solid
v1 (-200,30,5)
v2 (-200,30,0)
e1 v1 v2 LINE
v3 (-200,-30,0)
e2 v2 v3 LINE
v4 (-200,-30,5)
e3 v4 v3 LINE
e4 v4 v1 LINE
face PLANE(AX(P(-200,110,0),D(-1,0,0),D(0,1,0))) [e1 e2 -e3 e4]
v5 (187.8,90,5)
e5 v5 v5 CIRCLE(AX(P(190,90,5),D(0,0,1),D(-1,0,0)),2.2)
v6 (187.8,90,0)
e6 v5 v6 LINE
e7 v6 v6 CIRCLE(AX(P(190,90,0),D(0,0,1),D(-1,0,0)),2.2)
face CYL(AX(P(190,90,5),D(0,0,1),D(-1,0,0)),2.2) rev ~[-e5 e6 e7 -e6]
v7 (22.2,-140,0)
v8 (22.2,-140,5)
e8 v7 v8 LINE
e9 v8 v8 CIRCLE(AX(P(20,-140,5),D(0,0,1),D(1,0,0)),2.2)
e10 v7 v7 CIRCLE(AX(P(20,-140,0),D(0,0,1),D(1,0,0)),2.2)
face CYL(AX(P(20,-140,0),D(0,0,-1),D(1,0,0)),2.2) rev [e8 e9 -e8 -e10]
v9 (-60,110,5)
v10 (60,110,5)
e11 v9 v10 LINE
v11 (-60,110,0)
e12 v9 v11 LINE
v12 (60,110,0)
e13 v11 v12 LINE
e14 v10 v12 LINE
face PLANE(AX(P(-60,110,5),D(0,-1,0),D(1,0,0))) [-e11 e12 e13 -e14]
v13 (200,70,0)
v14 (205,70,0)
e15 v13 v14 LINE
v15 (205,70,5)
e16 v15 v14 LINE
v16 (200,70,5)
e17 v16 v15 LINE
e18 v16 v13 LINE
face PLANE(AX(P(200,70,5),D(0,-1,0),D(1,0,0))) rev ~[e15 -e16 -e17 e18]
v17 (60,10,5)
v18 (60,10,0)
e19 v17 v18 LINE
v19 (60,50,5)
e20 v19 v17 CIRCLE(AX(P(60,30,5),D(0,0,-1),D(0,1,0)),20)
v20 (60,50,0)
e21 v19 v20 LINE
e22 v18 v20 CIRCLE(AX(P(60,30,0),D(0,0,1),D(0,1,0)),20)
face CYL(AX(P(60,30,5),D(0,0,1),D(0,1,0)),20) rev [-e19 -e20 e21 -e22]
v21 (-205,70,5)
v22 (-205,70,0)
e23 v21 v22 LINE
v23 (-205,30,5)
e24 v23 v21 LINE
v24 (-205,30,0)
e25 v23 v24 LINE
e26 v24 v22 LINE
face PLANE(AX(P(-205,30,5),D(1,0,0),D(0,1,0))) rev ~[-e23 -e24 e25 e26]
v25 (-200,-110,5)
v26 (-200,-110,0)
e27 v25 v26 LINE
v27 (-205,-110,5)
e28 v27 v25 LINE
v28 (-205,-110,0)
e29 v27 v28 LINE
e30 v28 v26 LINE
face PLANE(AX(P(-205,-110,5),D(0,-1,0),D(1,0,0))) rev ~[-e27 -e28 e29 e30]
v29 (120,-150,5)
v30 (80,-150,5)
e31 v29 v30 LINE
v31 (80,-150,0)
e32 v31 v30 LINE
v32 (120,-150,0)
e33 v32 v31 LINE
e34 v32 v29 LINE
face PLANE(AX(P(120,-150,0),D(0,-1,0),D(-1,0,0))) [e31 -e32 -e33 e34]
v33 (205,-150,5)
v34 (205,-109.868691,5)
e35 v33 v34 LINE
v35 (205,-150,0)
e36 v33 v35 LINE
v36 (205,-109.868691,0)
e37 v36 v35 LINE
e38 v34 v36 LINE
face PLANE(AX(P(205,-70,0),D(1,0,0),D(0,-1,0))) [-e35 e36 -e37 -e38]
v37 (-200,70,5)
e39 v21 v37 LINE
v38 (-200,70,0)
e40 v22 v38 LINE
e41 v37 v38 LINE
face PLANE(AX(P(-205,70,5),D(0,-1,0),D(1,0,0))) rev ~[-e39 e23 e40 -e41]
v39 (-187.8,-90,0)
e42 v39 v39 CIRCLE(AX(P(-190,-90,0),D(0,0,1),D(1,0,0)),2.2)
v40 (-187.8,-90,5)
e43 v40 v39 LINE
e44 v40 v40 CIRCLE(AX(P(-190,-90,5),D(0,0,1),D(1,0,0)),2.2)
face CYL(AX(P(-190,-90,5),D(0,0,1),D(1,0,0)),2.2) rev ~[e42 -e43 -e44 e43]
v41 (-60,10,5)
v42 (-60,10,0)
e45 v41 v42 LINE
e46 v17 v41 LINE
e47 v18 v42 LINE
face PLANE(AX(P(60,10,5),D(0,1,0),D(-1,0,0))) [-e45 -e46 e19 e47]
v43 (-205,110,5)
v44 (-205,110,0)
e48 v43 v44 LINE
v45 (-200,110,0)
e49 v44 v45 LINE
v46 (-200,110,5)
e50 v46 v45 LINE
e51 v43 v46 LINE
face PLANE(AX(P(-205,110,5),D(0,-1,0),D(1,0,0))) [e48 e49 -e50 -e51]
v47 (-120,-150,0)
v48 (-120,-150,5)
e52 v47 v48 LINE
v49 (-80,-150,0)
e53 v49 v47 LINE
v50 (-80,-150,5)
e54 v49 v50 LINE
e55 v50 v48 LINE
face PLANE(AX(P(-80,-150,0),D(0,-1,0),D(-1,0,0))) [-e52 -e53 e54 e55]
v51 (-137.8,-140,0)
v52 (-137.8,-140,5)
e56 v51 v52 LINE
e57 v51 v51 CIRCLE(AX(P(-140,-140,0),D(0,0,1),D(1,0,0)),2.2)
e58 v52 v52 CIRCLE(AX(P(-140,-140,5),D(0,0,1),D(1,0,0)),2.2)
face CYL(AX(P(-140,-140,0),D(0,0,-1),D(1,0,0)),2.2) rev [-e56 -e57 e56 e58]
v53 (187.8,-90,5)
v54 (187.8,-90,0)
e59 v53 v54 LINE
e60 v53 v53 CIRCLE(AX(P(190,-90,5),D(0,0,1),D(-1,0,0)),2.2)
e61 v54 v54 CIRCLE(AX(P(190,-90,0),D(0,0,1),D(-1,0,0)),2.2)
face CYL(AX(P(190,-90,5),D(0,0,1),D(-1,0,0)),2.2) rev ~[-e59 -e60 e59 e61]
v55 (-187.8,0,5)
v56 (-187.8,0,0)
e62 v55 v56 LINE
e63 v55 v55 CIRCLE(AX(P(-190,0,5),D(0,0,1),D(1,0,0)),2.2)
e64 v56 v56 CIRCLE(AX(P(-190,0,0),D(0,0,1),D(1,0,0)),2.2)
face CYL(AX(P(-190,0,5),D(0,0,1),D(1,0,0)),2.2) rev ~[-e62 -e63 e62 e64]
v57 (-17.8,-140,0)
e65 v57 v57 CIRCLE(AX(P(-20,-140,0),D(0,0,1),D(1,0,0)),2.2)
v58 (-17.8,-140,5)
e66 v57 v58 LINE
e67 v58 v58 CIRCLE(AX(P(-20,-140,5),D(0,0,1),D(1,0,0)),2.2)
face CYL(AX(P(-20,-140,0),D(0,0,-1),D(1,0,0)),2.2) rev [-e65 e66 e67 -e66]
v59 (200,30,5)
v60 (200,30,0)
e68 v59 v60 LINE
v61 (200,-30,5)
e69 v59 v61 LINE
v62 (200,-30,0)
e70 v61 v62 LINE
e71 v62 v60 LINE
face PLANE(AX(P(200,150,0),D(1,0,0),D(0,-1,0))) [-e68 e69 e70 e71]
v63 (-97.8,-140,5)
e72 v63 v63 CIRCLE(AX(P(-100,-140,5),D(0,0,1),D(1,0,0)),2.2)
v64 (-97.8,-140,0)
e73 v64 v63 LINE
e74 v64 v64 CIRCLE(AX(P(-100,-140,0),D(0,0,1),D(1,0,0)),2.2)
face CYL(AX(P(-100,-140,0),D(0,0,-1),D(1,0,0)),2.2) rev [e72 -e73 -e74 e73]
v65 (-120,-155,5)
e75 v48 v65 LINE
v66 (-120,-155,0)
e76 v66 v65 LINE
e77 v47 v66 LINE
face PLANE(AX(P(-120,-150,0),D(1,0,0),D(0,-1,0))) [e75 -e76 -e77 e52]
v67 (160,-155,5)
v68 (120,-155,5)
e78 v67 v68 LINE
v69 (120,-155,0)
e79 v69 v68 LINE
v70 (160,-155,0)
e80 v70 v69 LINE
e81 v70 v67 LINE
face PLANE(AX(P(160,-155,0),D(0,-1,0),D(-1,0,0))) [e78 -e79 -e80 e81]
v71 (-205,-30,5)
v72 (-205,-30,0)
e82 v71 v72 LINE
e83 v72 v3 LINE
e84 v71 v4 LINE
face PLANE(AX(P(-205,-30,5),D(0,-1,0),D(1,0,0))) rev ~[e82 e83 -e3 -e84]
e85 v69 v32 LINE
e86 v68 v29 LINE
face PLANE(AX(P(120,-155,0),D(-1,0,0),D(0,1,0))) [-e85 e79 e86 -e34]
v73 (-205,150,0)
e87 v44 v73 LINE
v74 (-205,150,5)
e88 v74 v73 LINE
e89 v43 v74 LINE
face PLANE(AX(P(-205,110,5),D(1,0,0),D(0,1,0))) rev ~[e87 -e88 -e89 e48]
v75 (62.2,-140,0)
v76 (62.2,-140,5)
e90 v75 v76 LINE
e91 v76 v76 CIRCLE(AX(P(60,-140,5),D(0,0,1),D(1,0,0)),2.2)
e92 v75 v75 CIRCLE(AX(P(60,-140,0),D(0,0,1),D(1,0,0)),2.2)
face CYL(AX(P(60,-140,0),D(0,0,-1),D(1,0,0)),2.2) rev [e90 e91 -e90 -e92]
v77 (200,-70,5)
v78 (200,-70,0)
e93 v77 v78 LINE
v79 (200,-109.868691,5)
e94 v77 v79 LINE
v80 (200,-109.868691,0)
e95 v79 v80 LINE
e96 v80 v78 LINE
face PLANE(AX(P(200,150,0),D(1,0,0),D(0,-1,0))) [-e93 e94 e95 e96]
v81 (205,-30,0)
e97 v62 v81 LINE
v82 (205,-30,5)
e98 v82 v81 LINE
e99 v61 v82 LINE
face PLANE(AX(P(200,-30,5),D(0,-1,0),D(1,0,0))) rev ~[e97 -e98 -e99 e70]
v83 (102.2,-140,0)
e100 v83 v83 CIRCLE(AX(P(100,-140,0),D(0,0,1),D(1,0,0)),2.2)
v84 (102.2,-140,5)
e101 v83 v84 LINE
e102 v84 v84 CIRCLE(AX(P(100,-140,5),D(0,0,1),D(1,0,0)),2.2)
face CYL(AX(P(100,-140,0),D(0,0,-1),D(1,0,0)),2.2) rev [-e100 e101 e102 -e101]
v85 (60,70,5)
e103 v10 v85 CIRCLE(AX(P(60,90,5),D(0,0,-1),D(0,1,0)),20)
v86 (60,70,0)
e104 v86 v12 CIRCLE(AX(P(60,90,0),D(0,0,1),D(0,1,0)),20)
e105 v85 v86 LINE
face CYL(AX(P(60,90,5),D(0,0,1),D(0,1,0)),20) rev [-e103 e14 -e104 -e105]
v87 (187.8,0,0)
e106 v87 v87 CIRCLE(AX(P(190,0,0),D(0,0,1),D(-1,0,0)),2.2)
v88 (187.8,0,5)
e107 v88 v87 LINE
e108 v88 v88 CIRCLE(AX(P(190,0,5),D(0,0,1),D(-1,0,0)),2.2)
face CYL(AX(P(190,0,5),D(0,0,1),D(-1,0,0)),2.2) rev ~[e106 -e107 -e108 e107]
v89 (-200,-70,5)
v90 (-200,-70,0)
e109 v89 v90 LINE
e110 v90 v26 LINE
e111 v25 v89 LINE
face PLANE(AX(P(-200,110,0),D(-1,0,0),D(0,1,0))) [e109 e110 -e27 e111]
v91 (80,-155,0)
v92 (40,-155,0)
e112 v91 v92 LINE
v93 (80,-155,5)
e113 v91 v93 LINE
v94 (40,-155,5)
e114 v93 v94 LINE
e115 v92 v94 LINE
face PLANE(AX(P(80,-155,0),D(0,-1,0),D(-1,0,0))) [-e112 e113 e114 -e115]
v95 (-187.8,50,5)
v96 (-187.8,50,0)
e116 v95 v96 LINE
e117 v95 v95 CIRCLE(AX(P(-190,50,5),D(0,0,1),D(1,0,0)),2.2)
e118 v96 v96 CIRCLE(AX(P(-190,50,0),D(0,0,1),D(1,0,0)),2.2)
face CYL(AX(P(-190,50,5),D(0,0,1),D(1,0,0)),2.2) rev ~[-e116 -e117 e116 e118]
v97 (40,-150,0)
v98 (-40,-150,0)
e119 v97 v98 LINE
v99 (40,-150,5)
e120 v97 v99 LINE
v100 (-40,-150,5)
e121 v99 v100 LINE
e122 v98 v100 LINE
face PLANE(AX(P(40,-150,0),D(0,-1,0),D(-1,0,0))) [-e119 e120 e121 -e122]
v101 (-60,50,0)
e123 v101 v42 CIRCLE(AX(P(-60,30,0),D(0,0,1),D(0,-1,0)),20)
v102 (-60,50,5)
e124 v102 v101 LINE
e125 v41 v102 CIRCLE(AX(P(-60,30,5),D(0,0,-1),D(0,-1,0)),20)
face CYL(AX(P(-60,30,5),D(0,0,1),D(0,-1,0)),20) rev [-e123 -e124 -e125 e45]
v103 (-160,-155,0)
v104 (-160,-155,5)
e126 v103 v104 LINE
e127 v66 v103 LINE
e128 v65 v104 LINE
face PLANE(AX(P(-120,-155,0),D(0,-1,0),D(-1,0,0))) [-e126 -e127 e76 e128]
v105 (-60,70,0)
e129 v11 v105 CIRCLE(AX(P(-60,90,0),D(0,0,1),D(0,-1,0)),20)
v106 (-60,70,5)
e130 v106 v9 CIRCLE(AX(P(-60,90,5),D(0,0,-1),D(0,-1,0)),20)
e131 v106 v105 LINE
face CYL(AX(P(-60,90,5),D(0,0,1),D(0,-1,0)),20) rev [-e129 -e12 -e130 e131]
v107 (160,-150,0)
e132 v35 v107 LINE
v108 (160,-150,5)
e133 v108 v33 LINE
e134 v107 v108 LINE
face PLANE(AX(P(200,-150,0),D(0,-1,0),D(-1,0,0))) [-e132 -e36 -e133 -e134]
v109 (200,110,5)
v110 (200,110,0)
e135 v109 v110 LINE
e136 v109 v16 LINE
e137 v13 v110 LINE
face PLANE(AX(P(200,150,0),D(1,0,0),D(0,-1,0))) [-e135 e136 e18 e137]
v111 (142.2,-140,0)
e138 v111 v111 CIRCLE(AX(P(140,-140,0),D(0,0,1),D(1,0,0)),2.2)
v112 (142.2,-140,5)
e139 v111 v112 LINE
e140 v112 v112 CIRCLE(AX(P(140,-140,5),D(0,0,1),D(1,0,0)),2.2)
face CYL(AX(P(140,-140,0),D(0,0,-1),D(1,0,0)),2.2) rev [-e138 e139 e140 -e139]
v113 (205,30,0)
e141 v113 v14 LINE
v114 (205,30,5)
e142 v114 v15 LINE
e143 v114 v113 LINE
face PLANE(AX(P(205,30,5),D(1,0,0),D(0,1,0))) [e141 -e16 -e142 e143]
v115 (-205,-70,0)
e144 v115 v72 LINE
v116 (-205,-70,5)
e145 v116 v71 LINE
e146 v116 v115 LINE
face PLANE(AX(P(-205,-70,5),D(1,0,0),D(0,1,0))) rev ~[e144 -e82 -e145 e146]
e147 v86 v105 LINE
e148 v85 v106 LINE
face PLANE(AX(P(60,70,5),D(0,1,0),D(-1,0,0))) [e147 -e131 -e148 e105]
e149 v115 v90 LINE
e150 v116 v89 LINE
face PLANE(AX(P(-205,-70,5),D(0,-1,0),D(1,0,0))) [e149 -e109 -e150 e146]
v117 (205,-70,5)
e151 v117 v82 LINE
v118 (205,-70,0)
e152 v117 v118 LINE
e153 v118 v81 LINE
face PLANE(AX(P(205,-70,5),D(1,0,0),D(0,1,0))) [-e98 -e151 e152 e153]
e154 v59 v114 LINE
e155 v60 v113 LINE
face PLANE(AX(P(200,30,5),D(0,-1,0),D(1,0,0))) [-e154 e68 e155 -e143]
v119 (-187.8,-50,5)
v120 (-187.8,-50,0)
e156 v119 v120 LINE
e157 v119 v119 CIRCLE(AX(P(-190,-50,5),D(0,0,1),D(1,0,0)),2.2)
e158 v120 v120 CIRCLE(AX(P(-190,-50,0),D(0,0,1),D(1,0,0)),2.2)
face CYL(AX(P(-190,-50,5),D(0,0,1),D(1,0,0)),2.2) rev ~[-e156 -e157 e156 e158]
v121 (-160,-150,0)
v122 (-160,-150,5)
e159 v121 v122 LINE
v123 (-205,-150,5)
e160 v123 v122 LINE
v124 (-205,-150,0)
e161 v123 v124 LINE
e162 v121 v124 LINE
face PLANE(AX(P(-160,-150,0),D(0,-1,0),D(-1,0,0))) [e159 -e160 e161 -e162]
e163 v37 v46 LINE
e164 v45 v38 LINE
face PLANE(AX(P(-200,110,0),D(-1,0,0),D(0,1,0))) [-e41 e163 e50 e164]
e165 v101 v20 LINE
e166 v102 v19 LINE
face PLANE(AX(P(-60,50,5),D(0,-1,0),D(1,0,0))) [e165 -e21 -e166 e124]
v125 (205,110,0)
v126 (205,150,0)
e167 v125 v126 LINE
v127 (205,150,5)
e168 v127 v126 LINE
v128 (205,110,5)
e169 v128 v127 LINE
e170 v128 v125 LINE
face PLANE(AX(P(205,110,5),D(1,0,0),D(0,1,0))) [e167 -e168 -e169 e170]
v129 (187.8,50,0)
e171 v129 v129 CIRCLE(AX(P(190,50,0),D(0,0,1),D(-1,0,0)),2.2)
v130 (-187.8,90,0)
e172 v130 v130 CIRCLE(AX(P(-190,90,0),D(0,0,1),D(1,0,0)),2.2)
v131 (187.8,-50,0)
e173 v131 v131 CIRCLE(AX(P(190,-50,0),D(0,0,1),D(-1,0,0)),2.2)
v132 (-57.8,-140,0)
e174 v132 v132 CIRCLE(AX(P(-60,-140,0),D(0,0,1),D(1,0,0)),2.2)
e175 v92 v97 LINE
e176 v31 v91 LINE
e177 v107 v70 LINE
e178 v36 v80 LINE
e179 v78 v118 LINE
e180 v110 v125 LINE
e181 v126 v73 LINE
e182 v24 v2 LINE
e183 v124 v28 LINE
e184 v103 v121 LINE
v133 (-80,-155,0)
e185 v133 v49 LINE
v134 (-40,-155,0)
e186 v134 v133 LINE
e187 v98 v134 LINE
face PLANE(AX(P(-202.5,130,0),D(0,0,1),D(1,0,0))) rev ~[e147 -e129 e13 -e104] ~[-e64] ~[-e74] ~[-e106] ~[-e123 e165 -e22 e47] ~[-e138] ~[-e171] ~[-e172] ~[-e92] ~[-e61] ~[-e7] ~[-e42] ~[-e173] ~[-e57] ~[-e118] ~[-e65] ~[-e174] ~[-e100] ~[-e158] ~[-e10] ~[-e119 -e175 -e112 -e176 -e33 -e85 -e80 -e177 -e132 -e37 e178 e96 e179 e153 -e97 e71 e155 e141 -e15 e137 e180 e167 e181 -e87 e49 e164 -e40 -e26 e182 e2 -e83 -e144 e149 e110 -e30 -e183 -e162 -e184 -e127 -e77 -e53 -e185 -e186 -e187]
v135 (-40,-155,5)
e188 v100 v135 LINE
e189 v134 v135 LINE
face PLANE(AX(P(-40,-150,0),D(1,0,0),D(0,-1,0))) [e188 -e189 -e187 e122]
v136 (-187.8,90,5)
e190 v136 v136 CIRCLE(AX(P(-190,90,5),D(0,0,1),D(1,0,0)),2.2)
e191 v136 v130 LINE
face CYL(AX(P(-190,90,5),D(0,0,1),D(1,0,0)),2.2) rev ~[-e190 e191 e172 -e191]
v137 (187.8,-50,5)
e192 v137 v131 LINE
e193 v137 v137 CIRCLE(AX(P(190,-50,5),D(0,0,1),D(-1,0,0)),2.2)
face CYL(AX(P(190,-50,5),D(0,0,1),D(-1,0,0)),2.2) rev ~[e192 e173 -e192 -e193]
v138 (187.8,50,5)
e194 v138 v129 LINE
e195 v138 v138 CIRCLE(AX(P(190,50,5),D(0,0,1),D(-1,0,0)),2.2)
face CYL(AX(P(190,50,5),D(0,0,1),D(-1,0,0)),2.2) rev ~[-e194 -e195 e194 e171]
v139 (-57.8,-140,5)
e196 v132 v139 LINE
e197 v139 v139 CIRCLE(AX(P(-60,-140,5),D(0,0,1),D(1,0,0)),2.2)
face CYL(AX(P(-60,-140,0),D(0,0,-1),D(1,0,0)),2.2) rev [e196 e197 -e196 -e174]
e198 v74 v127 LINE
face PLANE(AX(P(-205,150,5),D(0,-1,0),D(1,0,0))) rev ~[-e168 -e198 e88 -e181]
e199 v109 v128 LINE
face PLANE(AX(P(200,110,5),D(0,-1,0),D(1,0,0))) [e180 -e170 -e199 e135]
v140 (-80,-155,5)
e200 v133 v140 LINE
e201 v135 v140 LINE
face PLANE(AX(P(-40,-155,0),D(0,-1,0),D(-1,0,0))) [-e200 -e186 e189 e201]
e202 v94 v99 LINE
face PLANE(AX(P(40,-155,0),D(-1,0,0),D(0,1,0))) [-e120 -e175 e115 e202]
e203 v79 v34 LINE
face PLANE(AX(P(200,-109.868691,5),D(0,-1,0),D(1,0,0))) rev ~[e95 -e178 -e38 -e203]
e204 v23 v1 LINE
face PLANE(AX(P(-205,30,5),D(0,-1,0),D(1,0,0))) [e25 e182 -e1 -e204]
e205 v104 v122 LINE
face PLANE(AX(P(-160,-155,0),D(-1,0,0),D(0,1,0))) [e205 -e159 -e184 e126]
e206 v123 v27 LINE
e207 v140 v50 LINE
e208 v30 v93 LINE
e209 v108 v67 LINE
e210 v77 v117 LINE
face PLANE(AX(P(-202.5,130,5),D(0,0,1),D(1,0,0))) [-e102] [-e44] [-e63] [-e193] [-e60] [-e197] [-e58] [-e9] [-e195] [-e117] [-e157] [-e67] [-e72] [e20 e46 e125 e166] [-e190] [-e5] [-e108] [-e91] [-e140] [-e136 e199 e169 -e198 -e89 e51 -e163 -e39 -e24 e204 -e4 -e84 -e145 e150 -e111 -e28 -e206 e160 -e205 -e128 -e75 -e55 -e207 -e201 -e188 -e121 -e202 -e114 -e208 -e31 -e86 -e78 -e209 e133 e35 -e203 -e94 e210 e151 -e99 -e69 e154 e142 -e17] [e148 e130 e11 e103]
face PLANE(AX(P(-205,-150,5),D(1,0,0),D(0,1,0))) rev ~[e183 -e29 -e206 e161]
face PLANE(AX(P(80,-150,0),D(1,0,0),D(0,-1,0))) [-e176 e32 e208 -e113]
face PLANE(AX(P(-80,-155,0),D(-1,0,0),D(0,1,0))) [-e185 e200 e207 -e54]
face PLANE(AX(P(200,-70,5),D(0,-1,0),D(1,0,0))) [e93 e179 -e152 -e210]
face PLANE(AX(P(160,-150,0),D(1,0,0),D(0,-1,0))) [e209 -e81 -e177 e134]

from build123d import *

# Parameters (mm, degrees)
SKETCH_1_R          = 2.2
EXTRUDE_1_DEPTH     = 5
SKETCH_2_W          = 5
SKETCH_2_H          = 220.282443136
SKETCH_2_H_2        = 219.868690955
CUT_EXTRUDE_1_DEPTH = 10
SKETCH_3_W          = 5
SKETCH_3_H          = 40
EXTRUDE_3_DEPTH     = 5
SKETCH_4_W          = 390.4211829
SKETCH_4_H          = 264.690207343
EXTRUDE_4_DEPTH     = 5
SKETCH_5_R          = 2.2
CUT_EXTRUDE_2_DEPTH = 5
CUT_EXTRUDE_3_DEPTH = 10


with BuildPart() as part:
    # 草图1 → 凸台-拉伸1 (new body)
    with BuildSketch(Plane.XY):
        Polygon((-200, 150), (200, 150), (200, 110), (205, 110), (205, 70), (200, 70), (200, 30), (205, 30), (205, -30), (200, -30), (200, -70), (205, -70), (205, -110), (200, -110), (200, -150), (160, -150), (160, -155), (120, -155), (120, -150), (80, -150), (80, -155), (40, -155), (40, -150), (-40, -150), (-40, -155), (-80, -155), (-80, -150), (-120, -150), (-120, -155), (-160, -155), (-160, -150), (-200, -150), (-200, -110), (-205, -110), (-205, -70), (-200, -70), (-200, -30), (-205, -30), (-205, 30), (-200, 30), (-200, 70), (-205, 70), (-205, 110), (-200, 110), align=None)
        with Locations((-140, -140)):
            Circle(SKETCH_1_R, mode=Mode.SUBTRACT)
        with Locations((-100, -140)):
            Circle(SKETCH_1_R, mode=Mode.SUBTRACT)
        with Locations((-60, -140)):
            Circle(SKETCH_1_R, mode=Mode.SUBTRACT)
        with Locations((-20, -140)):
            Circle(SKETCH_1_R, mode=Mode.SUBTRACT)
        with Locations((20, -140)):
            Circle(SKETCH_1_R, mode=Mode.SUBTRACT)
        with Locations((60, -140)):
            Circle(SKETCH_1_R, mode=Mode.SUBTRACT)
        with Locations((100, -140)):
            Circle(SKETCH_1_R, mode=Mode.SUBTRACT)
        with Locations((140, -140)):
            Circle(SKETCH_1_R, mode=Mode.SUBTRACT)
        with Locations((-190, 110)):
            Circle(SKETCH_1_R, mode=Mode.SUBTRACT)
        with Locations((-190, 70)):
            Circle(SKETCH_1_R, mode=Mode.SUBTRACT)
        with Locations((-190, 30)):
            Circle(SKETCH_1_R, mode=Mode.SUBTRACT)
        with Locations((-190, -30)):
            Circle(SKETCH_1_R, mode=Mode.SUBTRACT)
        with Locations((-190, -70)):
            Circle(SKETCH_1_R, mode=Mode.SUBTRACT)
        with Locations((-190, -110)):
            Circle(SKETCH_1_R, mode=Mode.SUBTRACT)
        with Locations((190, -110)):
            Circle(SKETCH_1_R, mode=Mode.SUBTRACT)
        with Locations((190, -70)):
            Circle(SKETCH_1_R, mode=Mode.SUBTRACT)
        with Locations((190, -30)):
            Circle(SKETCH_1_R, mode=Mode.SUBTRACT)
        with Locations((190, 30)):
            Circle(SKETCH_1_R, mode=Mode.SUBTRACT)
        with Locations((190, 70)):
            Circle(SKETCH_1_R, mode=Mode.SUBTRACT)
        with Locations((190, 110)):
            Circle(SKETCH_1_R, mode=Mode.SUBTRACT)
    extrude(amount=EXTRUDE_1_DEPTH)

    # 草图2 → 切除-拉伸1 (cut)
    with BuildSketch(Plane.XY.offset(5)):
        with Locations((-202.5, -0.141221568)):
            Rectangle(SKETCH_2_W, SKETCH_2_H)
        with Locations((202.5, 0.065654522)):
            Rectangle(SKETCH_2_W, SKETCH_2_H_2)
    extrude(amount=-CUT_EXTRUDE_1_DEPTH, mode=Mode.SUBTRACT)

    # 草图3 → 凸台-拉伸3 (add)
    with BuildSketch(Plane.XY.offset(5)):
        with Locations((-202.5, 130)):
            Rectangle(SKETCH_3_W, SKETCH_3_H)
        with Locations((-202.5, 50)):
            Rectangle(SKETCH_3_W, SKETCH_3_H)
        with Locations((-202.5, -50)):
            Rectangle(SKETCH_3_W, SKETCH_3_H)
        with Locations((-202.5, -130)):
            Rectangle(SKETCH_3_W, SKETCH_3_H)
        with Locations((202.5, -130)):
            Rectangle(SKETCH_3_W, SKETCH_3_H)
        with Locations((202.5, -50)):
            Rectangle(SKETCH_3_W, SKETCH_3_H)
        with Locations((202.5, 50)):
            Rectangle(SKETCH_3_W, SKETCH_3_H)
        with Locations((202.5, 130)):
            Rectangle(SKETCH_3_W, SKETCH_3_H)
    extrude(amount=-EXTRUDE_3_DEPTH)

    # 草图4 → 凸台-拉伸4 (add)
    with BuildSketch(Plane.XY.offset(5)):
        with Locations((1.806920954, 7.46039962)):
            Rectangle(SKETCH_4_W, SKETCH_4_H)
    extrude(amount=-EXTRUDE_4_DEPTH)

    # 草图5 → 切除-拉伸2 (cut)
    with BuildSketch(Plane.XY.offset(5)):
        with Locations((-190, 90)):
            Circle(SKETCH_5_R)
        with Locations((-190, 50)):
            Circle(SKETCH_5_R)
        with Locations((-190, 0)):
            Circle(SKETCH_5_R)
        with Locations((-190, -50)):
            Circle(SKETCH_5_R)
        with Locations((-190, -90)):
            Circle(SKETCH_5_R)
        with Locations(Location((190, -90, 0), (0, 0, 180))):
            Circle(SKETCH_5_R)
        with Locations(Location((190, -50, 0), (0, 0, 180))):
            Circle(SKETCH_5_R)
        with Locations(Location((190, 0, 0), (0, 0, 180))):
            Circle(SKETCH_5_R)
        with Locations(Location((190, 50, 0), (0, 0, 180))):
            Circle(SKETCH_5_R)
        with Locations(Location((190, 90, 0), (0, 0, 180))):
            Circle(SKETCH_5_R)
    extrude(amount=-CUT_EXTRUDE_2_DEPTH, mode=Mode.SUBTRACT)

    # 草图6 → 切除-拉伸3 (cut)
    with BuildSketch(Plane.XY.offset(5)):
        with BuildLine():
            Line((-60, 50), (60, 50))
            ThreePointArc((60, 50), (80, 30), (60, 10))
            Line((60, 10), (-60, 10))
            ThreePointArc((-60, 10), (-80, 30), (-60, 50))
        make_face()
        with BuildLine():
            Line((-60, 110), (60, 110))
            ThreePointArc((60, 110), (80, 90), (60, 70))
            Line((60, 70), (-60, 70))
            ThreePointArc((-60, 70), (-80, 90), (-60, 110))
        make_face()
    extrude(amount=-CUT_EXTRUDE_3_DEPTH, mode=Mode.SUBTRACT)


solid = part.part
